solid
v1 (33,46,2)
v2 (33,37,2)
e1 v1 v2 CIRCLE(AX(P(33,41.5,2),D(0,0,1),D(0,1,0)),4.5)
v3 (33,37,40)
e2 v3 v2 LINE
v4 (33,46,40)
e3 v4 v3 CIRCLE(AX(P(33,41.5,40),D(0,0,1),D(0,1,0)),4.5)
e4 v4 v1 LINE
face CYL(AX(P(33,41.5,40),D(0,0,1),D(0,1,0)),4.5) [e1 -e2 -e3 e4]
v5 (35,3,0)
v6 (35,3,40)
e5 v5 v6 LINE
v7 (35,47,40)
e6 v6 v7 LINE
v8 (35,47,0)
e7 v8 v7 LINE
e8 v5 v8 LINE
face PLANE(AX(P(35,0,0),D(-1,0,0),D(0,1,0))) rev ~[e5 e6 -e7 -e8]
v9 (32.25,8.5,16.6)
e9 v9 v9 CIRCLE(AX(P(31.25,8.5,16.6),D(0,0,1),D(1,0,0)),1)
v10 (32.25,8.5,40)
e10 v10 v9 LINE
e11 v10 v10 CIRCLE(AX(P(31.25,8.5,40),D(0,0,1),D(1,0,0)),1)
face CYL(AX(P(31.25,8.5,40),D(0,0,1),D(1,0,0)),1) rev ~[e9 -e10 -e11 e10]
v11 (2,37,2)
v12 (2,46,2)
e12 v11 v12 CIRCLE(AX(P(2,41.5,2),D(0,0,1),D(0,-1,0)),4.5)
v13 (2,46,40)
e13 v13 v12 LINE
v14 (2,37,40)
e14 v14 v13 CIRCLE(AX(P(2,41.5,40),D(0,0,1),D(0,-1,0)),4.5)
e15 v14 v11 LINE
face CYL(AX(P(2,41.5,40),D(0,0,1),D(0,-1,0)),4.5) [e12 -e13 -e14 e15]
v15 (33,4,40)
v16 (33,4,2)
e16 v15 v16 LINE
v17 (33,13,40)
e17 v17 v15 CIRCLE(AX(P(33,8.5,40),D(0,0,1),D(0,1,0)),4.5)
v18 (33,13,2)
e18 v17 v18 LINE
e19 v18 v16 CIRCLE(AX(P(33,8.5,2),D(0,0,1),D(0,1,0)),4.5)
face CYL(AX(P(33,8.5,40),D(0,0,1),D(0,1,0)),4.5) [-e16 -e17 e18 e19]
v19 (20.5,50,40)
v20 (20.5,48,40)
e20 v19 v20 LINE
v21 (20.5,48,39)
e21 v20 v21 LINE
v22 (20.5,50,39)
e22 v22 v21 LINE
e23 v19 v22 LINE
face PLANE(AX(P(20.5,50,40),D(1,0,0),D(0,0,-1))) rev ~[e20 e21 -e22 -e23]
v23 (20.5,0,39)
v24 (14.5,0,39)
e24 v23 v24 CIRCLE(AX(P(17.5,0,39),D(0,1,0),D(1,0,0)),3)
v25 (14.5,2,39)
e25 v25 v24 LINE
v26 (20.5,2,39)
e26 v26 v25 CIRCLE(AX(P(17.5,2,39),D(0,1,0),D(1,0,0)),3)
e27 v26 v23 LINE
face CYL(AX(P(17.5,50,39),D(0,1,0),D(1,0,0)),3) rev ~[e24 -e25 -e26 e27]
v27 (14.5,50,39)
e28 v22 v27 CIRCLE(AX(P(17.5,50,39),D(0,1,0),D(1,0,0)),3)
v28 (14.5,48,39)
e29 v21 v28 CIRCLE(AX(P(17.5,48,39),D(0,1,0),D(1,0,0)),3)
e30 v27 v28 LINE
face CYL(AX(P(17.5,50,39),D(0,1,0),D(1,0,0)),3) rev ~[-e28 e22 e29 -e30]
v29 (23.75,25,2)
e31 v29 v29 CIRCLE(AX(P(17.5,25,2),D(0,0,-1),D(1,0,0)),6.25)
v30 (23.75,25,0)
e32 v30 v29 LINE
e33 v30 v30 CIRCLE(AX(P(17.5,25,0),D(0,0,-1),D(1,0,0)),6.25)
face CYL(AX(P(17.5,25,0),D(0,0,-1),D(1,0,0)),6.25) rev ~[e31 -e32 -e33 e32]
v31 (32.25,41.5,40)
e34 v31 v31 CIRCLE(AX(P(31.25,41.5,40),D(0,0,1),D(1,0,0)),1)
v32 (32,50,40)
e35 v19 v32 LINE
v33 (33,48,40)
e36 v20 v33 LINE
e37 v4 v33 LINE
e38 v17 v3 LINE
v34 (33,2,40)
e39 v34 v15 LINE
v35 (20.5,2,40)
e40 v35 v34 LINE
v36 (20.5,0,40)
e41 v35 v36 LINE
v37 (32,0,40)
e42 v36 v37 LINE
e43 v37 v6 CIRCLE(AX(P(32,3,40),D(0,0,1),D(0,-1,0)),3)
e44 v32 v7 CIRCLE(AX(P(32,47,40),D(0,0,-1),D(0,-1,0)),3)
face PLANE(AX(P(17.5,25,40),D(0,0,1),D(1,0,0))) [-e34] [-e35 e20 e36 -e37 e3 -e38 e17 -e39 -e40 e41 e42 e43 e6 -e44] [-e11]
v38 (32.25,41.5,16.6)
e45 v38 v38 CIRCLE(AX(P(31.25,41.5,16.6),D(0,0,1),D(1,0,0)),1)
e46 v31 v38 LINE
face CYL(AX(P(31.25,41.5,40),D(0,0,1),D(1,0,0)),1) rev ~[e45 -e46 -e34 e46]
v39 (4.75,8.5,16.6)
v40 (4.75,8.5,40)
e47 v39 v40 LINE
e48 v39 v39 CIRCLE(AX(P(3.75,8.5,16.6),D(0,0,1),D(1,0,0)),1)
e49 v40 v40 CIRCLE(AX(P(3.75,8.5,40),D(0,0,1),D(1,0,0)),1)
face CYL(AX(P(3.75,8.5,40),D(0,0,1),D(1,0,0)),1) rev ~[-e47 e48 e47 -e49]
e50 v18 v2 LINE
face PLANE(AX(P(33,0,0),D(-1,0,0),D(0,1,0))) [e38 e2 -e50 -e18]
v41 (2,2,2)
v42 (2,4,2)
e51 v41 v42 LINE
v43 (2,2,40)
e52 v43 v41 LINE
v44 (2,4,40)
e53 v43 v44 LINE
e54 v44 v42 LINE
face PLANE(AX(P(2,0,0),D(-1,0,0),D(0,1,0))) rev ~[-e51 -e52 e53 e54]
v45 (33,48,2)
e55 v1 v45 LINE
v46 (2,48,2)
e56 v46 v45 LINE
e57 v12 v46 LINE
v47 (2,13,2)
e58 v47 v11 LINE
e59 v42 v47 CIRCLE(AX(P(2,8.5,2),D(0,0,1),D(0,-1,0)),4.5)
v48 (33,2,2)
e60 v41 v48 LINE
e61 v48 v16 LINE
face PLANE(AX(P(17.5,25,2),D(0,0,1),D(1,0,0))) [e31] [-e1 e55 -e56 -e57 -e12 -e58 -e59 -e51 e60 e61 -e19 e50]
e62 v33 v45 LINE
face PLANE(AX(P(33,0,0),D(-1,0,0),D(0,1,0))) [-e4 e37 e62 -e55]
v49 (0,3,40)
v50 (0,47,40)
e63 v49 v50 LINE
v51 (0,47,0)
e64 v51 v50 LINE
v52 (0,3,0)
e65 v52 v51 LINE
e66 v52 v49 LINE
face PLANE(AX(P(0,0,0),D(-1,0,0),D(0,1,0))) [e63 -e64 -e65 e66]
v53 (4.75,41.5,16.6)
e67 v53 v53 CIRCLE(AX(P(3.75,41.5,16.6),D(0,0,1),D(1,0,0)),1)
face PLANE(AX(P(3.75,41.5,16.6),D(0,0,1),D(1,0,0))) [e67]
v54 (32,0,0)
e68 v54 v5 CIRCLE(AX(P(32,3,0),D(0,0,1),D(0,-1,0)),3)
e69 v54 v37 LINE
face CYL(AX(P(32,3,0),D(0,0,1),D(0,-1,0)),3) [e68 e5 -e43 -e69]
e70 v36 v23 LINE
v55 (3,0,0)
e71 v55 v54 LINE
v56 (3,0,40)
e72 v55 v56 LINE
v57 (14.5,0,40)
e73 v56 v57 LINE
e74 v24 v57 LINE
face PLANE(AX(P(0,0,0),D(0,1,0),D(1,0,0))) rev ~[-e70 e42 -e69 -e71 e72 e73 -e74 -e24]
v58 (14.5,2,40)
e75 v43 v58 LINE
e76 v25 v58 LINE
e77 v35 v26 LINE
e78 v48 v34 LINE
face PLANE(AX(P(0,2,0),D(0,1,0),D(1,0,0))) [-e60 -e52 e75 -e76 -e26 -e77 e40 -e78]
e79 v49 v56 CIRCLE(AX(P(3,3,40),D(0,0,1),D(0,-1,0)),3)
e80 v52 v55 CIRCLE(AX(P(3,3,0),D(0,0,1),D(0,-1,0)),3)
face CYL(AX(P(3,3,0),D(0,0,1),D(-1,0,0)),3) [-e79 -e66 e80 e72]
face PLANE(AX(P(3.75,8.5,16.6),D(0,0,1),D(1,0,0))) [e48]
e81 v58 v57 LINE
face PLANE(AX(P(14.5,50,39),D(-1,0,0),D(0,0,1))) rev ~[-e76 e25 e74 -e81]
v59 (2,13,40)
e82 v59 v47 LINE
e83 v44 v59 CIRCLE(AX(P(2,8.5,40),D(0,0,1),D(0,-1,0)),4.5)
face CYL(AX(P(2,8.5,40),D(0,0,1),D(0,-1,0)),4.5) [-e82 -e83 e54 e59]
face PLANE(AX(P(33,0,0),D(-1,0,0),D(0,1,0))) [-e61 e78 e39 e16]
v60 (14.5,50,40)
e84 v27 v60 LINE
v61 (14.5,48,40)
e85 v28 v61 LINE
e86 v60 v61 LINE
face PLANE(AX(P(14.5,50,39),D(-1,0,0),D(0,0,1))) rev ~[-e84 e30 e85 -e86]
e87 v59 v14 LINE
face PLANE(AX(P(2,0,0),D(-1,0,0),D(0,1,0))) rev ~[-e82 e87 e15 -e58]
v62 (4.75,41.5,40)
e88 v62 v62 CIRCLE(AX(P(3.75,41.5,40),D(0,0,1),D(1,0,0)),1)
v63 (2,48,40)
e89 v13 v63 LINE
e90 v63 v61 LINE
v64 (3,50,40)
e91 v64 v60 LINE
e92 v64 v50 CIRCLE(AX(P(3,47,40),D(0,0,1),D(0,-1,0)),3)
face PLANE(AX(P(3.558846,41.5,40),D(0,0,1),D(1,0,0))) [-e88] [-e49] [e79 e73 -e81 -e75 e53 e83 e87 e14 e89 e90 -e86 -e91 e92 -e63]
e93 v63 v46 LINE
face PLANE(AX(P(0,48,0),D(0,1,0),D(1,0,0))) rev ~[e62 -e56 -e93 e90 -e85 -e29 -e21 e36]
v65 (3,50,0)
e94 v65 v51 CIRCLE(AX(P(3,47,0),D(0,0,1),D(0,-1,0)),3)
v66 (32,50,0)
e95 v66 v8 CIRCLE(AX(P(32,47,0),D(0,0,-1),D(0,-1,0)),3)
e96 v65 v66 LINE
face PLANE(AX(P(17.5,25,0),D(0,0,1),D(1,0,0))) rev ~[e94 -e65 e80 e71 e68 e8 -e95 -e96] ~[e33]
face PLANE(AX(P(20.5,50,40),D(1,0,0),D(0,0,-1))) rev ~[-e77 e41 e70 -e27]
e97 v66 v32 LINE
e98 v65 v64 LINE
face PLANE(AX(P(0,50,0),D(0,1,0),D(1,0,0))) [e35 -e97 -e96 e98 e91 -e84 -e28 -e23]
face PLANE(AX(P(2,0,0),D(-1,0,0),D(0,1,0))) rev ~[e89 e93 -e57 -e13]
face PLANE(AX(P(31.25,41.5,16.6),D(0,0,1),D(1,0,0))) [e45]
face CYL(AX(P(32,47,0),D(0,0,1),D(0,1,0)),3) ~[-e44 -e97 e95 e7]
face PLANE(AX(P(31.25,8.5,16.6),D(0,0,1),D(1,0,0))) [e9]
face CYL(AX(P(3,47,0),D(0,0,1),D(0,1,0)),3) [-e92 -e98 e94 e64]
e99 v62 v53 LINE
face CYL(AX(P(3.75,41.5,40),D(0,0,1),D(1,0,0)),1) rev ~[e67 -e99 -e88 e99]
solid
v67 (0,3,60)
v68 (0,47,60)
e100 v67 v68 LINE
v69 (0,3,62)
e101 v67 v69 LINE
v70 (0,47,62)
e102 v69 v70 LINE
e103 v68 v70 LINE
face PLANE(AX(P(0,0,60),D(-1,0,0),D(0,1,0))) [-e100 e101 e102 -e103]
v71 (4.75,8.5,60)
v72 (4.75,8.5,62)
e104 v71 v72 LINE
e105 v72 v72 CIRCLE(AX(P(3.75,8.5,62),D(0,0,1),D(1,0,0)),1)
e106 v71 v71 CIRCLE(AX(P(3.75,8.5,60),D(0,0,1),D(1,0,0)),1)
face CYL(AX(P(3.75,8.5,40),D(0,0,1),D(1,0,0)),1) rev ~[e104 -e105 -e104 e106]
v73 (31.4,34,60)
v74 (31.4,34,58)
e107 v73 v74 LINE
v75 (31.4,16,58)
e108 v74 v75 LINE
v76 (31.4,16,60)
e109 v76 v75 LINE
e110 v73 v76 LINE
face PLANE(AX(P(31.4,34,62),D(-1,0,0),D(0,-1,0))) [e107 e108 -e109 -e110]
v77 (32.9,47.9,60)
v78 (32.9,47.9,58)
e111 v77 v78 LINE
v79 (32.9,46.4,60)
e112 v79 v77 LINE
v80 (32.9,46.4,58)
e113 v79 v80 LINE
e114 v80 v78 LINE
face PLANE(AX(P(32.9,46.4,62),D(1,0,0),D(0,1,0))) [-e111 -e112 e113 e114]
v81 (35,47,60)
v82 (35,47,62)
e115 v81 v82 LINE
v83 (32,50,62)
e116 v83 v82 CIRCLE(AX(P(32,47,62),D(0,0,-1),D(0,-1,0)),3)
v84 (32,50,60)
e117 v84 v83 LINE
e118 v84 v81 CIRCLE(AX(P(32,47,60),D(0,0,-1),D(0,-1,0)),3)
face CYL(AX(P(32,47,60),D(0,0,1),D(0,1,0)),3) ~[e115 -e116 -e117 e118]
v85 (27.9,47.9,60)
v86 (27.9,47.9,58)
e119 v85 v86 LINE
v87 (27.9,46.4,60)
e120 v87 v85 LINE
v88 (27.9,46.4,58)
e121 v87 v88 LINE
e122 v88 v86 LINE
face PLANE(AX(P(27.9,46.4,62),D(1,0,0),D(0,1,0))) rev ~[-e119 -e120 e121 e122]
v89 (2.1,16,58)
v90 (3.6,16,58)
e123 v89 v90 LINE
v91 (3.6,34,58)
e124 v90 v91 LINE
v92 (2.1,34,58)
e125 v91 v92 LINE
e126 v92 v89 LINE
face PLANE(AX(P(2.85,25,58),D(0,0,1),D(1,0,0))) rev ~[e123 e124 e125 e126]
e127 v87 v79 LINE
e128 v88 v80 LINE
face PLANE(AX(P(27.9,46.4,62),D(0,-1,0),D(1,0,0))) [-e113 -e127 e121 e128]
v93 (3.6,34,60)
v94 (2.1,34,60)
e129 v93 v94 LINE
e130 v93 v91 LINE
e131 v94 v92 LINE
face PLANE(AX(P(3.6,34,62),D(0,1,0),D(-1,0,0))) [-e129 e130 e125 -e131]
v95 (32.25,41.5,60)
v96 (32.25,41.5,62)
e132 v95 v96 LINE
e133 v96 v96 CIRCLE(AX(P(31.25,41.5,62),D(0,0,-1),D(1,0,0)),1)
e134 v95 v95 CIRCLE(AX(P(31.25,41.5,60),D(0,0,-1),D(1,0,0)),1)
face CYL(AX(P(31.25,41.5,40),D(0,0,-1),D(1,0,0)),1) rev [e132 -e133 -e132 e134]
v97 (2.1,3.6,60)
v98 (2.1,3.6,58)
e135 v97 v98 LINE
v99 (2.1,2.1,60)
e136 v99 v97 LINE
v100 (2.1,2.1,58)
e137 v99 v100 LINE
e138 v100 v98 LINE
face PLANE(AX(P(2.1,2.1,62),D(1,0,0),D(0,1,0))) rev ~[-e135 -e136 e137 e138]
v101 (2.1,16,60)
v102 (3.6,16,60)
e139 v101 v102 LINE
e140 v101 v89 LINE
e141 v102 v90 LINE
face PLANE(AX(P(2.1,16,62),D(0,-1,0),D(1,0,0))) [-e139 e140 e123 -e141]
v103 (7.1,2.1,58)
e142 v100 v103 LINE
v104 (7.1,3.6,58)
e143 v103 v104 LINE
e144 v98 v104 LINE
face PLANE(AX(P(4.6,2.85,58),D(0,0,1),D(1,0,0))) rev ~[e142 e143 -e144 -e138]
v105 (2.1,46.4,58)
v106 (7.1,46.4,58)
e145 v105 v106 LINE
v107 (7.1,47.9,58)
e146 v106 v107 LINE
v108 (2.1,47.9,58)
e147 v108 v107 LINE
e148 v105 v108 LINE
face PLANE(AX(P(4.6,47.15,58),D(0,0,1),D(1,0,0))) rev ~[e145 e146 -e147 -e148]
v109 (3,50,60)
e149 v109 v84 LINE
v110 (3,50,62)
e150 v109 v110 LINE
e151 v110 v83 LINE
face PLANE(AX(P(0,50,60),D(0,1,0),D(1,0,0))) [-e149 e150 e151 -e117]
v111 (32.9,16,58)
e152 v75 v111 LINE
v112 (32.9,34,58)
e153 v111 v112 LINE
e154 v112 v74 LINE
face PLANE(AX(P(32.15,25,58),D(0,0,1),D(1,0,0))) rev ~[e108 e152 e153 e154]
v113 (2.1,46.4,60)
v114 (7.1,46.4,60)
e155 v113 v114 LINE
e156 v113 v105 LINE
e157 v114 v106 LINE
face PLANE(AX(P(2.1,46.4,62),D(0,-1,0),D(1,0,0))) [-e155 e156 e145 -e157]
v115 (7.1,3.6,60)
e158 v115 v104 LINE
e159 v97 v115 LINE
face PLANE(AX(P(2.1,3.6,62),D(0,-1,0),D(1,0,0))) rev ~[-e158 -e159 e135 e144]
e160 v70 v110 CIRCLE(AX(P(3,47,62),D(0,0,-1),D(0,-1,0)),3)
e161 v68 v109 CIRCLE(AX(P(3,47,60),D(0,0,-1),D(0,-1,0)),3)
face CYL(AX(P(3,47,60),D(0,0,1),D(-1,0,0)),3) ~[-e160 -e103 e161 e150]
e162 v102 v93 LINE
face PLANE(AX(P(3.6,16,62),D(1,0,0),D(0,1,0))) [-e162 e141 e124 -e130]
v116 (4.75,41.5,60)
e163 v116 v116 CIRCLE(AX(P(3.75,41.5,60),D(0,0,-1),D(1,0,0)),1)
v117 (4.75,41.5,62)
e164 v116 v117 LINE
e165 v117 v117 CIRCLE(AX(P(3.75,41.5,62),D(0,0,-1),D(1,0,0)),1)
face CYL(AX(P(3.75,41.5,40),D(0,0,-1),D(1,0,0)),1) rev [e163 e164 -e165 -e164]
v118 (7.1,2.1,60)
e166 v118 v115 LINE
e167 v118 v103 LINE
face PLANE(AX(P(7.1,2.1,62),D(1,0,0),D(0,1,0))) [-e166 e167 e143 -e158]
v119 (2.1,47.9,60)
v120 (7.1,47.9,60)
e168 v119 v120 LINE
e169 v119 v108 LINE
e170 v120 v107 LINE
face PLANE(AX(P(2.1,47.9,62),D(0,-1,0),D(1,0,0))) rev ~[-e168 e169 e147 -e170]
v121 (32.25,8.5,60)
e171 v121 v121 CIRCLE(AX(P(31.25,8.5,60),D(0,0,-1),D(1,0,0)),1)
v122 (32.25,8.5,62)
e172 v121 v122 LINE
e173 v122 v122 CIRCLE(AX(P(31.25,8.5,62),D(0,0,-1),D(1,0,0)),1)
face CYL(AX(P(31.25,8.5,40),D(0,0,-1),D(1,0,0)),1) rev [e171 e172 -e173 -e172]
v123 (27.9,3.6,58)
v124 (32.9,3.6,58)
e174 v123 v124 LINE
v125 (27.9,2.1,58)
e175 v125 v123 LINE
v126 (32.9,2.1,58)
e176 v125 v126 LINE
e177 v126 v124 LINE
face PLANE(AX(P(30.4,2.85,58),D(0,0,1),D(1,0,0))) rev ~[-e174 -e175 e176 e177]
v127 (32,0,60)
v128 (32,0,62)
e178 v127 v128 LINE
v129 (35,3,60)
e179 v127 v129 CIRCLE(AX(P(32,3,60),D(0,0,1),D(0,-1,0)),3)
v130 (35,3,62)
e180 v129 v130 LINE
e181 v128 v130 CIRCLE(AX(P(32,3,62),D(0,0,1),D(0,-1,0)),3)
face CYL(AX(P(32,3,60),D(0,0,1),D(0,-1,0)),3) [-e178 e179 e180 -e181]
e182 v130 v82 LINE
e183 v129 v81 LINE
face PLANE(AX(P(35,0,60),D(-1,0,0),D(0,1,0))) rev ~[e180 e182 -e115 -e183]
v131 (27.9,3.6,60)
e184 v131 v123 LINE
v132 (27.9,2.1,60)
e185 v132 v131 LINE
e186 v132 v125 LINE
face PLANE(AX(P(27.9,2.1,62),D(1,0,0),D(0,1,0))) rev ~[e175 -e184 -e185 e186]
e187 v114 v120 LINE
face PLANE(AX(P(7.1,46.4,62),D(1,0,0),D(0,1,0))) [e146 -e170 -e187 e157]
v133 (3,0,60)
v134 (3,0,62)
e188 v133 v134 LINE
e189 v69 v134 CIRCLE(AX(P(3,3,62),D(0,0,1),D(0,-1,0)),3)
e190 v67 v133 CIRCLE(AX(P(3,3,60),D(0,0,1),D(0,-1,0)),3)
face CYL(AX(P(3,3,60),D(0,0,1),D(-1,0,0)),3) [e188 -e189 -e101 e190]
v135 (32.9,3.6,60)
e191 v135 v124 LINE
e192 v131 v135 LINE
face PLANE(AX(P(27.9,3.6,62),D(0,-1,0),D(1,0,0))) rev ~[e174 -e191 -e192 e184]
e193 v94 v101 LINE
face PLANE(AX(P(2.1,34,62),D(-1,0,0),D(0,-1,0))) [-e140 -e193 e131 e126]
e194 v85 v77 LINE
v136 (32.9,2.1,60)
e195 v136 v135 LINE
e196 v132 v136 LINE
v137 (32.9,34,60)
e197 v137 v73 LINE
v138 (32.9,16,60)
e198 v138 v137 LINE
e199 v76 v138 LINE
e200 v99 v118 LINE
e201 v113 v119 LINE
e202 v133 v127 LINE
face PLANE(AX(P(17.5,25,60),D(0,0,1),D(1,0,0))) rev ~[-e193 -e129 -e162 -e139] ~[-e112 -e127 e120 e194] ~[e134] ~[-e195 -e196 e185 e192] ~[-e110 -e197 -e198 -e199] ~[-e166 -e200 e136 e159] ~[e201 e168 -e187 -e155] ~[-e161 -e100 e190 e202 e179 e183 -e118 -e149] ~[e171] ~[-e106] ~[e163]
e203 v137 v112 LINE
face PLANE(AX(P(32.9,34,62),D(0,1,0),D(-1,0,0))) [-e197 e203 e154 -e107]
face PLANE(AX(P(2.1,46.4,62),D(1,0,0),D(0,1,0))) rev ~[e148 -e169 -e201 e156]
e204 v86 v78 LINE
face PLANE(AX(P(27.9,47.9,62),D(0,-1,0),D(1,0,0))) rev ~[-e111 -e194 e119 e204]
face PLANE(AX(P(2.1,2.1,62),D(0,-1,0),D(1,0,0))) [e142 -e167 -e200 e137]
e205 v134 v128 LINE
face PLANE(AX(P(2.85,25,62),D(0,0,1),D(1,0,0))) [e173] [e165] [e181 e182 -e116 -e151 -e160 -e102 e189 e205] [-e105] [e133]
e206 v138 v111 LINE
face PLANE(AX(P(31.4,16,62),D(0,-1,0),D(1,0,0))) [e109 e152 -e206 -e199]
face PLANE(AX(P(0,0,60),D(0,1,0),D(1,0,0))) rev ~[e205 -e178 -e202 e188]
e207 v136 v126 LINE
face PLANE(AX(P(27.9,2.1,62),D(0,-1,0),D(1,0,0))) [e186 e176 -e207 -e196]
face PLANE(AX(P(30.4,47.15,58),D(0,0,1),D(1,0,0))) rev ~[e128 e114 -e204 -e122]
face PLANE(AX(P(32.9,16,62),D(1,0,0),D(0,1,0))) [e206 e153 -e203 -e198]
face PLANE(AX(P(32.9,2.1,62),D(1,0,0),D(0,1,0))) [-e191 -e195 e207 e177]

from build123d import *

# Parameters (mm, degrees)
F0_W      = 35
F0_H      = 50
F1_DEPTH  = 40
F2_T      = -2
F3_R      = 6.25
F4_DEPTH  = 2
F6_DEPTH  = 50.001
F8_DEPTH  = 39
F10_W     = 35
F10_H     = 50
F11_DEPTH = 2
F12_W     = 5
F12_H     = 1.5
F13_DEPTH = 4
F14_R     = 1
F15_DEPTH = 23.4
F16_R     = 3
F16_2_R   = 3


with BuildPart() as f1:
    # F0 (on Top) → F1 (new body)
    with BuildSketch(Plane.XY):
        with Locations((17.5, 25)):
            Rectangle(F0_W, F0_H)
    extrude(amount=F1_DEPTH)

    # F2
    f2_openings = [f1.faces().sort_by_distance(p)[0] for p in [
        (17.5, 25, 40),
    ]]
    offset(amount=F2_T, openings=f2_openings)

    # F3 (on face) → F4 (cut, through all)
    with BuildSketch(Plane(origin=(0, 0, 0), x_dir=(1, 0, 0), z_dir=(0, 0, -1))):
        with Locations((17.5, -25)):
            Circle(F3_R)
    extrude(amount=-F4_DEPTH, mode=Mode.SUBTRACT)

    # F5 (on face) → F6 (cut, through all)
    with BuildSketch(Plane(origin=(0, 50, 0), x_dir=(-1, 0, 0), z_dir=(0, 1, 0))):
        with BuildLine():
            Line((-14.5, 40), (-20.5, 40))
            Line((-20.5, 40), (-20.5, 39))
            ThreePointArc((-20.5, 39), (-17.5, 36), (-14.5, 39))
            Line((-14.5, 39), (-14.5, 40))
        make_face()
    extrude(amount=-F6_DEPTH, mode=Mode.SUBTRACT)

    # F7 (on face) → F8 (join)
    with BuildSketch(Plane.XY.offset(40)):
        with BuildLine():
            Line((2, 46), (2, 37))
            ThreePointArc((2, 37), (6.5, 41.5), (2, 46))
        make_face()
        with BuildLine():
            ThreePointArc((33, 46), (28.5, 41.5), (33, 37))
            Line((33, 37), (33, 46))
        make_face()
        with BuildLine():
            Line((33, 4), (33, 13))
            ThreePointArc((33, 13), (28.5, 8.5), (33, 4))
        make_face()
        with BuildLine():
            ThreePointArc((2, 4), (6.5, 8.5), (2, 13))
            Line((2, 13), (2, 4))
        make_face()
    extrude(amount=-F8_DEPTH)


with BuildPart() as f11:
    # F10 (on offset) → F11 (new body)
    with BuildSketch(Plane.XY.offset(60)):
        with Locations((17.5, 25)):
            Rectangle(F10_W, F10_H)
    extrude(amount=F11_DEPTH)

    # F12 (on face) → F13 (join)
    with BuildSketch(Plane.XY.offset(62)):
        Polygon((3.6, 25), (3.6, 34), (2.1, 34), (2.1, 25), (2.1, 16), (3.6, 16), align=None)
        with Locations((4.6, 47.15)):
            Rectangle(F12_W, F12_H)
        with Locations((30.4, 47.15)):
            Rectangle(F12_W, F12_H)
        Polygon((32.9, 34), (31.4, 34), (31.4, 25), (31.4, 16), (32.9, 16), (32.9, 25), align=None)
        with Locations((30.4, 2.85)):
            Rectangle(F12_W, F12_H)
        with Locations((4.6, 2.85)):
            Rectangle(F12_W, F12_H)
    extrude(amount=-F13_DEPTH)


with BuildPart() as f15_tool:
    # F14 (on face) → F15 (new body, symmetric)
    with BuildSketch(Plane.XY.offset(40)):
        with Locations((31.25, 41.5)):
            Circle(F14_R)
        with Locations((31.25, 8.5)):
            Circle(F14_R)
        with Locations((3.75, 41.5)):
            Circle(F14_R)
        with Locations((3.75, 8.5)):
            Circle(F14_R)
    extrude(amount=F15_DEPTH, both=True)


with BuildPart() as f1_1:
    add(f1.part)

    # F15: cut by f15_tool
    add(f15_tool.part, mode=Mode.SUBTRACT)

    # F16
    f16_edges = [f1_1.edges().sort_by_distance(p)[0] for p in [
        (35, 0, 20),
        (0, 0, 20),
        (35, 50, 20),
        (0, 50, 20),
    ]]
    fillet(f16_edges, radius=F16_R)


with BuildPart() as f11_1:
    add(f11.part)

    # F15: cut by f15_tool
    add(f15_tool.part, mode=Mode.SUBTRACT)

    # F16#2
    f16_2_edges = [f11_1.edges().sort_by_distance(p)[0] for p in [
        (0, 0, 61),
        (35, 0, 61),
        (35, 50, 61),
        (0, 50, 61),
    ]]
    fillet(f16_2_edges, radius=F16_2_R)


solid = Compound([f1_1.part, f11_1.part])
